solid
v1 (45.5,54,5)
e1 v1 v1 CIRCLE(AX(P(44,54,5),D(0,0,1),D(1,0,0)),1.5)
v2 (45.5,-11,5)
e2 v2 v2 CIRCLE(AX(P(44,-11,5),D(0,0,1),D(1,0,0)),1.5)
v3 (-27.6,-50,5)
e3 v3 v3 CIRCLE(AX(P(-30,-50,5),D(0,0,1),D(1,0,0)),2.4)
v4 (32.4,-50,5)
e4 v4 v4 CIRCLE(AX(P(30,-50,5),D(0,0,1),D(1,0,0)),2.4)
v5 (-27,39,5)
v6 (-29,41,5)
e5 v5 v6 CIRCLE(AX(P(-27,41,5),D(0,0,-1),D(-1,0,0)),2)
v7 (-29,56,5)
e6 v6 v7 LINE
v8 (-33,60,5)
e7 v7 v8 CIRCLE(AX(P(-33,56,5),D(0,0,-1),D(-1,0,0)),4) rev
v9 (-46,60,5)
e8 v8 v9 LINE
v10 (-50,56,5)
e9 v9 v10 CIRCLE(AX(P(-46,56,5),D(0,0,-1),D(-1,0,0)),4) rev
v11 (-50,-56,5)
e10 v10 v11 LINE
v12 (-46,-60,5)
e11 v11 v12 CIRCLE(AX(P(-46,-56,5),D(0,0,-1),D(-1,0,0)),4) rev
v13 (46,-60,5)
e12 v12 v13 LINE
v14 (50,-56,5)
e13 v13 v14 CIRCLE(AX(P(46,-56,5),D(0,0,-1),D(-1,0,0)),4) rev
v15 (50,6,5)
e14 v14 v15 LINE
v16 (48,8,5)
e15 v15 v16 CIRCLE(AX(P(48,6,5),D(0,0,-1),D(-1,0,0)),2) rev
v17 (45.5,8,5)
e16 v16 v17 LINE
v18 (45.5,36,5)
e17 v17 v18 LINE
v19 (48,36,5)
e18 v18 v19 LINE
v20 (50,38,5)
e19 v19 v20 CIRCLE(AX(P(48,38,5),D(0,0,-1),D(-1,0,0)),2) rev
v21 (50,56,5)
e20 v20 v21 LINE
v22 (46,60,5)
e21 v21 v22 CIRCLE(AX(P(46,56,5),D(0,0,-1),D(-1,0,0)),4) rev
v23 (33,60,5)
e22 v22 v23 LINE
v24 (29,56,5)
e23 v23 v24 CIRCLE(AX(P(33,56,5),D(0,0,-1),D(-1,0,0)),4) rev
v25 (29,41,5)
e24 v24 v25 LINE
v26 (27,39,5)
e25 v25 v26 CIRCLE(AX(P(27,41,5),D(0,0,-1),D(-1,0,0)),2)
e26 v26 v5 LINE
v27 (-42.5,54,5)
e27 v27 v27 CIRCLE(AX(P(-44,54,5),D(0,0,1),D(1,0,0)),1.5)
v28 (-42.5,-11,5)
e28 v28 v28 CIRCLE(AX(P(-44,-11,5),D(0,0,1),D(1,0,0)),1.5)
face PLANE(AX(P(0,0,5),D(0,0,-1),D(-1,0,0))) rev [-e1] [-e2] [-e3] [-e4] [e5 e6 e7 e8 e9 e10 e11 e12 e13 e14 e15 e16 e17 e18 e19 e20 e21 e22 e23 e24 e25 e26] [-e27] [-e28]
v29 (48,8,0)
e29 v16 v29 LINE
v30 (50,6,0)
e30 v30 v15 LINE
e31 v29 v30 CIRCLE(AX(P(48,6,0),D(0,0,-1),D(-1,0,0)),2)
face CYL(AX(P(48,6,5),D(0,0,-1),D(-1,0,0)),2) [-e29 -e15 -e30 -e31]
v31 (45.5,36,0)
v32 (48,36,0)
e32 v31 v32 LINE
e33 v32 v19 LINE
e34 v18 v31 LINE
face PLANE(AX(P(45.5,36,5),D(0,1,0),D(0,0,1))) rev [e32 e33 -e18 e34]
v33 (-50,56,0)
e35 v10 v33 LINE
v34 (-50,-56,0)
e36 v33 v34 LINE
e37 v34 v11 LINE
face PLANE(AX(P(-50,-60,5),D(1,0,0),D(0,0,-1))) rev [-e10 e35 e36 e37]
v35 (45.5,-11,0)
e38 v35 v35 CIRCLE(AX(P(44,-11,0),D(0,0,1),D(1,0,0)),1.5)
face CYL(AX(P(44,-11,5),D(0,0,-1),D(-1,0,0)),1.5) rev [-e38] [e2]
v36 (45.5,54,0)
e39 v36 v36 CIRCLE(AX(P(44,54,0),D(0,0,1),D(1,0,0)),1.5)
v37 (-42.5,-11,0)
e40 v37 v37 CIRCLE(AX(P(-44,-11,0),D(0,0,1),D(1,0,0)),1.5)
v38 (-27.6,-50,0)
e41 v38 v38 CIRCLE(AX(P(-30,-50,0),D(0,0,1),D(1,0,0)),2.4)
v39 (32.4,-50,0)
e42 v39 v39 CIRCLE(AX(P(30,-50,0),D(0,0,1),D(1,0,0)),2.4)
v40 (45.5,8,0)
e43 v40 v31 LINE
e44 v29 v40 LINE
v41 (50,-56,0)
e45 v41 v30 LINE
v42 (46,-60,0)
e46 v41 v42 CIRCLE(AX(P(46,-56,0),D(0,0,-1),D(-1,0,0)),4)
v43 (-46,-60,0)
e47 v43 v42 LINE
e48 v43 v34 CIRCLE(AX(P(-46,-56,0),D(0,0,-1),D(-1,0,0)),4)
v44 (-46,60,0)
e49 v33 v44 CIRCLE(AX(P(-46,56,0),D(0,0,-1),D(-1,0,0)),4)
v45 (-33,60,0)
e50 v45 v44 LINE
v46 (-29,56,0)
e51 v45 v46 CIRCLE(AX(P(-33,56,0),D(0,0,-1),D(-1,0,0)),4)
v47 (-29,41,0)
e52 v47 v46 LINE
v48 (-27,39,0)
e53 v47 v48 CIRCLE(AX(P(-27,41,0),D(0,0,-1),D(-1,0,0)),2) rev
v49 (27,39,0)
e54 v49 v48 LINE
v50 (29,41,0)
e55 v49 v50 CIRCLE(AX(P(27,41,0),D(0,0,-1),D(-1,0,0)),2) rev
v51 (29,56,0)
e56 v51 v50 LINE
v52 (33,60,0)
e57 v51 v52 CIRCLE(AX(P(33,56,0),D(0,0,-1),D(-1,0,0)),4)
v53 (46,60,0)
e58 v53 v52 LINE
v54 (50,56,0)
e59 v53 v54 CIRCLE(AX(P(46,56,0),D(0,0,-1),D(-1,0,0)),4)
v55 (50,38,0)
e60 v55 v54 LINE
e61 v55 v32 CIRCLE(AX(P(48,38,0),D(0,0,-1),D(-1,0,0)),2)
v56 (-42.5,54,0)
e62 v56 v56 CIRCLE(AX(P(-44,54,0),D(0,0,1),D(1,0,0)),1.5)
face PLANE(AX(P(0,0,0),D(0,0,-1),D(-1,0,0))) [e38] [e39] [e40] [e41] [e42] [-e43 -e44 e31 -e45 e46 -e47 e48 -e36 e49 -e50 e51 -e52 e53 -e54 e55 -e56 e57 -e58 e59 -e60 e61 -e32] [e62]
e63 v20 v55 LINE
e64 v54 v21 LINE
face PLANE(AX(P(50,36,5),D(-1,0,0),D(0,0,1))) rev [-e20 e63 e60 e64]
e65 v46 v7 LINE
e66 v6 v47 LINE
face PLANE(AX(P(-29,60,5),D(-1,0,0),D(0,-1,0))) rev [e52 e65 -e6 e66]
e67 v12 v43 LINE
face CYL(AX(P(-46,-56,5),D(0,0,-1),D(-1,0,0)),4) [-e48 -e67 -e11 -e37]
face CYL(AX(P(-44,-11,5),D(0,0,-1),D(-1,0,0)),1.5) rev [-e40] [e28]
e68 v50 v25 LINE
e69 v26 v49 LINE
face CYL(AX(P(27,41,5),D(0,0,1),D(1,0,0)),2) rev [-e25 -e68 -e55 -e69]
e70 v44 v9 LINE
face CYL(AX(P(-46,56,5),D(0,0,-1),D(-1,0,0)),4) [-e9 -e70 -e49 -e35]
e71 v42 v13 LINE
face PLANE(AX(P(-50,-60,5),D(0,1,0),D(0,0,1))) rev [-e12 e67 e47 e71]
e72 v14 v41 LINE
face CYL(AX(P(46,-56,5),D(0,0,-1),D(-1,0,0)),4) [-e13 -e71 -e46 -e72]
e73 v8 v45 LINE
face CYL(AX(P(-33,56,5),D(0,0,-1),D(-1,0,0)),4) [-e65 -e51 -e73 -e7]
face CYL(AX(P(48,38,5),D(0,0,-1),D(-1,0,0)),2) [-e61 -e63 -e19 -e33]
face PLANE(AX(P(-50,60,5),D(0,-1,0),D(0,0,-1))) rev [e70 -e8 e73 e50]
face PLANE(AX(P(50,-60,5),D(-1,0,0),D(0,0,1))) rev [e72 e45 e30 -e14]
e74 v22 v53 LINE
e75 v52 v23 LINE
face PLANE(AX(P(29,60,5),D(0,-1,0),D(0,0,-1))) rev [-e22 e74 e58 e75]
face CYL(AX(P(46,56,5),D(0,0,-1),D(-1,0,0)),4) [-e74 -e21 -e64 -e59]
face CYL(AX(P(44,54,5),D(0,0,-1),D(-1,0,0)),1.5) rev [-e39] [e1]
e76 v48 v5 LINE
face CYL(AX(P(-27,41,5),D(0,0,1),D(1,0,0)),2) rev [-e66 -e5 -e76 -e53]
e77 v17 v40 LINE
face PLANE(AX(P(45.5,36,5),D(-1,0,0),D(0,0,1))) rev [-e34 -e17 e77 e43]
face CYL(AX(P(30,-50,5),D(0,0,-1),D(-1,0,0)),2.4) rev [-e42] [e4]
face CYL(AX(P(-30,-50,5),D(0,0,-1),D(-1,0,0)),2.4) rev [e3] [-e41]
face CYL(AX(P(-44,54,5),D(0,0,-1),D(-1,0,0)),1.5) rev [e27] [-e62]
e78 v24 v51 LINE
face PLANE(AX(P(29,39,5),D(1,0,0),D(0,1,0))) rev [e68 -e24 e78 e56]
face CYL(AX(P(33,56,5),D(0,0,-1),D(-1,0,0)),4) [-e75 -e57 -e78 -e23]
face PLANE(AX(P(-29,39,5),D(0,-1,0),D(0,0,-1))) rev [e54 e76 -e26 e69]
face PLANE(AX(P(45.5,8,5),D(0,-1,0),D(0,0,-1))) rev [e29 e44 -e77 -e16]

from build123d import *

# Parameters (mm, degrees)
SKETCH1_R           = 2.4
SKETCH1_R_2         = 1.5
BOSS_EXTRUDE1_DEPTH = 5
FILLET1_R           = 4
FILLET2_R           = 2


with BuildPart() as part:
    # Sketch1 → Boss-Extrude1 (new body)
    with BuildSketch(Plane.XY):
        Polygon((-50, -60), (50, -60), (50, 8), (45.5, 8), (45.5, 36), (50, 36), (50, 60), (29, 60), (29, 39), (-29, 39), (-29, 60), (-50, 60), align=None)
        with Locations((-30, -50)):
            Circle(SKETCH1_R, mode=Mode.SUBTRACT)
        with Locations((30, -50)):
            Circle(SKETCH1_R, mode=Mode.SUBTRACT)
        with Locations((-44, 54)):
            Circle(SKETCH1_R_2, mode=Mode.SUBTRACT)
        with Locations((44, 54)):
            Circle(SKETCH1_R_2, mode=Mode.SUBTRACT)
        with Locations((-44, -11)):
            Circle(SKETCH1_R_2, mode=Mode.SUBTRACT)
        with Locations((44, -11)):
            Circle(SKETCH1_R_2, mode=Mode.SUBTRACT)
    extrude(amount=BOSS_EXTRUDE1_DEPTH)

    # Fillet1
    fillet1_edges = [part.edges().sort_by_distance(p)[0] for p in [
        (50, -60, 2.5),
        (-50, -60, 2.5),
        (-50, 60, 2.5),
        (-29, 60, 2.5),
        (29, 60, 2.5),
        (50, 60, 2.5),
    ]]
    fillet(fillet1_edges, radius=FILLET1_R)

    # Fillet2
    fillet2_edges = [part.edges().sort_by_distance(p)[0] for p in [
        (50, 36, 2.5),
        (50, 8, 2.5),
        (-29, 39, 2.5),
        (29, 39, 2.5),
    ]]
    fillet(fillet2_edges, radius=FILLET2_R)


solid = part.part
